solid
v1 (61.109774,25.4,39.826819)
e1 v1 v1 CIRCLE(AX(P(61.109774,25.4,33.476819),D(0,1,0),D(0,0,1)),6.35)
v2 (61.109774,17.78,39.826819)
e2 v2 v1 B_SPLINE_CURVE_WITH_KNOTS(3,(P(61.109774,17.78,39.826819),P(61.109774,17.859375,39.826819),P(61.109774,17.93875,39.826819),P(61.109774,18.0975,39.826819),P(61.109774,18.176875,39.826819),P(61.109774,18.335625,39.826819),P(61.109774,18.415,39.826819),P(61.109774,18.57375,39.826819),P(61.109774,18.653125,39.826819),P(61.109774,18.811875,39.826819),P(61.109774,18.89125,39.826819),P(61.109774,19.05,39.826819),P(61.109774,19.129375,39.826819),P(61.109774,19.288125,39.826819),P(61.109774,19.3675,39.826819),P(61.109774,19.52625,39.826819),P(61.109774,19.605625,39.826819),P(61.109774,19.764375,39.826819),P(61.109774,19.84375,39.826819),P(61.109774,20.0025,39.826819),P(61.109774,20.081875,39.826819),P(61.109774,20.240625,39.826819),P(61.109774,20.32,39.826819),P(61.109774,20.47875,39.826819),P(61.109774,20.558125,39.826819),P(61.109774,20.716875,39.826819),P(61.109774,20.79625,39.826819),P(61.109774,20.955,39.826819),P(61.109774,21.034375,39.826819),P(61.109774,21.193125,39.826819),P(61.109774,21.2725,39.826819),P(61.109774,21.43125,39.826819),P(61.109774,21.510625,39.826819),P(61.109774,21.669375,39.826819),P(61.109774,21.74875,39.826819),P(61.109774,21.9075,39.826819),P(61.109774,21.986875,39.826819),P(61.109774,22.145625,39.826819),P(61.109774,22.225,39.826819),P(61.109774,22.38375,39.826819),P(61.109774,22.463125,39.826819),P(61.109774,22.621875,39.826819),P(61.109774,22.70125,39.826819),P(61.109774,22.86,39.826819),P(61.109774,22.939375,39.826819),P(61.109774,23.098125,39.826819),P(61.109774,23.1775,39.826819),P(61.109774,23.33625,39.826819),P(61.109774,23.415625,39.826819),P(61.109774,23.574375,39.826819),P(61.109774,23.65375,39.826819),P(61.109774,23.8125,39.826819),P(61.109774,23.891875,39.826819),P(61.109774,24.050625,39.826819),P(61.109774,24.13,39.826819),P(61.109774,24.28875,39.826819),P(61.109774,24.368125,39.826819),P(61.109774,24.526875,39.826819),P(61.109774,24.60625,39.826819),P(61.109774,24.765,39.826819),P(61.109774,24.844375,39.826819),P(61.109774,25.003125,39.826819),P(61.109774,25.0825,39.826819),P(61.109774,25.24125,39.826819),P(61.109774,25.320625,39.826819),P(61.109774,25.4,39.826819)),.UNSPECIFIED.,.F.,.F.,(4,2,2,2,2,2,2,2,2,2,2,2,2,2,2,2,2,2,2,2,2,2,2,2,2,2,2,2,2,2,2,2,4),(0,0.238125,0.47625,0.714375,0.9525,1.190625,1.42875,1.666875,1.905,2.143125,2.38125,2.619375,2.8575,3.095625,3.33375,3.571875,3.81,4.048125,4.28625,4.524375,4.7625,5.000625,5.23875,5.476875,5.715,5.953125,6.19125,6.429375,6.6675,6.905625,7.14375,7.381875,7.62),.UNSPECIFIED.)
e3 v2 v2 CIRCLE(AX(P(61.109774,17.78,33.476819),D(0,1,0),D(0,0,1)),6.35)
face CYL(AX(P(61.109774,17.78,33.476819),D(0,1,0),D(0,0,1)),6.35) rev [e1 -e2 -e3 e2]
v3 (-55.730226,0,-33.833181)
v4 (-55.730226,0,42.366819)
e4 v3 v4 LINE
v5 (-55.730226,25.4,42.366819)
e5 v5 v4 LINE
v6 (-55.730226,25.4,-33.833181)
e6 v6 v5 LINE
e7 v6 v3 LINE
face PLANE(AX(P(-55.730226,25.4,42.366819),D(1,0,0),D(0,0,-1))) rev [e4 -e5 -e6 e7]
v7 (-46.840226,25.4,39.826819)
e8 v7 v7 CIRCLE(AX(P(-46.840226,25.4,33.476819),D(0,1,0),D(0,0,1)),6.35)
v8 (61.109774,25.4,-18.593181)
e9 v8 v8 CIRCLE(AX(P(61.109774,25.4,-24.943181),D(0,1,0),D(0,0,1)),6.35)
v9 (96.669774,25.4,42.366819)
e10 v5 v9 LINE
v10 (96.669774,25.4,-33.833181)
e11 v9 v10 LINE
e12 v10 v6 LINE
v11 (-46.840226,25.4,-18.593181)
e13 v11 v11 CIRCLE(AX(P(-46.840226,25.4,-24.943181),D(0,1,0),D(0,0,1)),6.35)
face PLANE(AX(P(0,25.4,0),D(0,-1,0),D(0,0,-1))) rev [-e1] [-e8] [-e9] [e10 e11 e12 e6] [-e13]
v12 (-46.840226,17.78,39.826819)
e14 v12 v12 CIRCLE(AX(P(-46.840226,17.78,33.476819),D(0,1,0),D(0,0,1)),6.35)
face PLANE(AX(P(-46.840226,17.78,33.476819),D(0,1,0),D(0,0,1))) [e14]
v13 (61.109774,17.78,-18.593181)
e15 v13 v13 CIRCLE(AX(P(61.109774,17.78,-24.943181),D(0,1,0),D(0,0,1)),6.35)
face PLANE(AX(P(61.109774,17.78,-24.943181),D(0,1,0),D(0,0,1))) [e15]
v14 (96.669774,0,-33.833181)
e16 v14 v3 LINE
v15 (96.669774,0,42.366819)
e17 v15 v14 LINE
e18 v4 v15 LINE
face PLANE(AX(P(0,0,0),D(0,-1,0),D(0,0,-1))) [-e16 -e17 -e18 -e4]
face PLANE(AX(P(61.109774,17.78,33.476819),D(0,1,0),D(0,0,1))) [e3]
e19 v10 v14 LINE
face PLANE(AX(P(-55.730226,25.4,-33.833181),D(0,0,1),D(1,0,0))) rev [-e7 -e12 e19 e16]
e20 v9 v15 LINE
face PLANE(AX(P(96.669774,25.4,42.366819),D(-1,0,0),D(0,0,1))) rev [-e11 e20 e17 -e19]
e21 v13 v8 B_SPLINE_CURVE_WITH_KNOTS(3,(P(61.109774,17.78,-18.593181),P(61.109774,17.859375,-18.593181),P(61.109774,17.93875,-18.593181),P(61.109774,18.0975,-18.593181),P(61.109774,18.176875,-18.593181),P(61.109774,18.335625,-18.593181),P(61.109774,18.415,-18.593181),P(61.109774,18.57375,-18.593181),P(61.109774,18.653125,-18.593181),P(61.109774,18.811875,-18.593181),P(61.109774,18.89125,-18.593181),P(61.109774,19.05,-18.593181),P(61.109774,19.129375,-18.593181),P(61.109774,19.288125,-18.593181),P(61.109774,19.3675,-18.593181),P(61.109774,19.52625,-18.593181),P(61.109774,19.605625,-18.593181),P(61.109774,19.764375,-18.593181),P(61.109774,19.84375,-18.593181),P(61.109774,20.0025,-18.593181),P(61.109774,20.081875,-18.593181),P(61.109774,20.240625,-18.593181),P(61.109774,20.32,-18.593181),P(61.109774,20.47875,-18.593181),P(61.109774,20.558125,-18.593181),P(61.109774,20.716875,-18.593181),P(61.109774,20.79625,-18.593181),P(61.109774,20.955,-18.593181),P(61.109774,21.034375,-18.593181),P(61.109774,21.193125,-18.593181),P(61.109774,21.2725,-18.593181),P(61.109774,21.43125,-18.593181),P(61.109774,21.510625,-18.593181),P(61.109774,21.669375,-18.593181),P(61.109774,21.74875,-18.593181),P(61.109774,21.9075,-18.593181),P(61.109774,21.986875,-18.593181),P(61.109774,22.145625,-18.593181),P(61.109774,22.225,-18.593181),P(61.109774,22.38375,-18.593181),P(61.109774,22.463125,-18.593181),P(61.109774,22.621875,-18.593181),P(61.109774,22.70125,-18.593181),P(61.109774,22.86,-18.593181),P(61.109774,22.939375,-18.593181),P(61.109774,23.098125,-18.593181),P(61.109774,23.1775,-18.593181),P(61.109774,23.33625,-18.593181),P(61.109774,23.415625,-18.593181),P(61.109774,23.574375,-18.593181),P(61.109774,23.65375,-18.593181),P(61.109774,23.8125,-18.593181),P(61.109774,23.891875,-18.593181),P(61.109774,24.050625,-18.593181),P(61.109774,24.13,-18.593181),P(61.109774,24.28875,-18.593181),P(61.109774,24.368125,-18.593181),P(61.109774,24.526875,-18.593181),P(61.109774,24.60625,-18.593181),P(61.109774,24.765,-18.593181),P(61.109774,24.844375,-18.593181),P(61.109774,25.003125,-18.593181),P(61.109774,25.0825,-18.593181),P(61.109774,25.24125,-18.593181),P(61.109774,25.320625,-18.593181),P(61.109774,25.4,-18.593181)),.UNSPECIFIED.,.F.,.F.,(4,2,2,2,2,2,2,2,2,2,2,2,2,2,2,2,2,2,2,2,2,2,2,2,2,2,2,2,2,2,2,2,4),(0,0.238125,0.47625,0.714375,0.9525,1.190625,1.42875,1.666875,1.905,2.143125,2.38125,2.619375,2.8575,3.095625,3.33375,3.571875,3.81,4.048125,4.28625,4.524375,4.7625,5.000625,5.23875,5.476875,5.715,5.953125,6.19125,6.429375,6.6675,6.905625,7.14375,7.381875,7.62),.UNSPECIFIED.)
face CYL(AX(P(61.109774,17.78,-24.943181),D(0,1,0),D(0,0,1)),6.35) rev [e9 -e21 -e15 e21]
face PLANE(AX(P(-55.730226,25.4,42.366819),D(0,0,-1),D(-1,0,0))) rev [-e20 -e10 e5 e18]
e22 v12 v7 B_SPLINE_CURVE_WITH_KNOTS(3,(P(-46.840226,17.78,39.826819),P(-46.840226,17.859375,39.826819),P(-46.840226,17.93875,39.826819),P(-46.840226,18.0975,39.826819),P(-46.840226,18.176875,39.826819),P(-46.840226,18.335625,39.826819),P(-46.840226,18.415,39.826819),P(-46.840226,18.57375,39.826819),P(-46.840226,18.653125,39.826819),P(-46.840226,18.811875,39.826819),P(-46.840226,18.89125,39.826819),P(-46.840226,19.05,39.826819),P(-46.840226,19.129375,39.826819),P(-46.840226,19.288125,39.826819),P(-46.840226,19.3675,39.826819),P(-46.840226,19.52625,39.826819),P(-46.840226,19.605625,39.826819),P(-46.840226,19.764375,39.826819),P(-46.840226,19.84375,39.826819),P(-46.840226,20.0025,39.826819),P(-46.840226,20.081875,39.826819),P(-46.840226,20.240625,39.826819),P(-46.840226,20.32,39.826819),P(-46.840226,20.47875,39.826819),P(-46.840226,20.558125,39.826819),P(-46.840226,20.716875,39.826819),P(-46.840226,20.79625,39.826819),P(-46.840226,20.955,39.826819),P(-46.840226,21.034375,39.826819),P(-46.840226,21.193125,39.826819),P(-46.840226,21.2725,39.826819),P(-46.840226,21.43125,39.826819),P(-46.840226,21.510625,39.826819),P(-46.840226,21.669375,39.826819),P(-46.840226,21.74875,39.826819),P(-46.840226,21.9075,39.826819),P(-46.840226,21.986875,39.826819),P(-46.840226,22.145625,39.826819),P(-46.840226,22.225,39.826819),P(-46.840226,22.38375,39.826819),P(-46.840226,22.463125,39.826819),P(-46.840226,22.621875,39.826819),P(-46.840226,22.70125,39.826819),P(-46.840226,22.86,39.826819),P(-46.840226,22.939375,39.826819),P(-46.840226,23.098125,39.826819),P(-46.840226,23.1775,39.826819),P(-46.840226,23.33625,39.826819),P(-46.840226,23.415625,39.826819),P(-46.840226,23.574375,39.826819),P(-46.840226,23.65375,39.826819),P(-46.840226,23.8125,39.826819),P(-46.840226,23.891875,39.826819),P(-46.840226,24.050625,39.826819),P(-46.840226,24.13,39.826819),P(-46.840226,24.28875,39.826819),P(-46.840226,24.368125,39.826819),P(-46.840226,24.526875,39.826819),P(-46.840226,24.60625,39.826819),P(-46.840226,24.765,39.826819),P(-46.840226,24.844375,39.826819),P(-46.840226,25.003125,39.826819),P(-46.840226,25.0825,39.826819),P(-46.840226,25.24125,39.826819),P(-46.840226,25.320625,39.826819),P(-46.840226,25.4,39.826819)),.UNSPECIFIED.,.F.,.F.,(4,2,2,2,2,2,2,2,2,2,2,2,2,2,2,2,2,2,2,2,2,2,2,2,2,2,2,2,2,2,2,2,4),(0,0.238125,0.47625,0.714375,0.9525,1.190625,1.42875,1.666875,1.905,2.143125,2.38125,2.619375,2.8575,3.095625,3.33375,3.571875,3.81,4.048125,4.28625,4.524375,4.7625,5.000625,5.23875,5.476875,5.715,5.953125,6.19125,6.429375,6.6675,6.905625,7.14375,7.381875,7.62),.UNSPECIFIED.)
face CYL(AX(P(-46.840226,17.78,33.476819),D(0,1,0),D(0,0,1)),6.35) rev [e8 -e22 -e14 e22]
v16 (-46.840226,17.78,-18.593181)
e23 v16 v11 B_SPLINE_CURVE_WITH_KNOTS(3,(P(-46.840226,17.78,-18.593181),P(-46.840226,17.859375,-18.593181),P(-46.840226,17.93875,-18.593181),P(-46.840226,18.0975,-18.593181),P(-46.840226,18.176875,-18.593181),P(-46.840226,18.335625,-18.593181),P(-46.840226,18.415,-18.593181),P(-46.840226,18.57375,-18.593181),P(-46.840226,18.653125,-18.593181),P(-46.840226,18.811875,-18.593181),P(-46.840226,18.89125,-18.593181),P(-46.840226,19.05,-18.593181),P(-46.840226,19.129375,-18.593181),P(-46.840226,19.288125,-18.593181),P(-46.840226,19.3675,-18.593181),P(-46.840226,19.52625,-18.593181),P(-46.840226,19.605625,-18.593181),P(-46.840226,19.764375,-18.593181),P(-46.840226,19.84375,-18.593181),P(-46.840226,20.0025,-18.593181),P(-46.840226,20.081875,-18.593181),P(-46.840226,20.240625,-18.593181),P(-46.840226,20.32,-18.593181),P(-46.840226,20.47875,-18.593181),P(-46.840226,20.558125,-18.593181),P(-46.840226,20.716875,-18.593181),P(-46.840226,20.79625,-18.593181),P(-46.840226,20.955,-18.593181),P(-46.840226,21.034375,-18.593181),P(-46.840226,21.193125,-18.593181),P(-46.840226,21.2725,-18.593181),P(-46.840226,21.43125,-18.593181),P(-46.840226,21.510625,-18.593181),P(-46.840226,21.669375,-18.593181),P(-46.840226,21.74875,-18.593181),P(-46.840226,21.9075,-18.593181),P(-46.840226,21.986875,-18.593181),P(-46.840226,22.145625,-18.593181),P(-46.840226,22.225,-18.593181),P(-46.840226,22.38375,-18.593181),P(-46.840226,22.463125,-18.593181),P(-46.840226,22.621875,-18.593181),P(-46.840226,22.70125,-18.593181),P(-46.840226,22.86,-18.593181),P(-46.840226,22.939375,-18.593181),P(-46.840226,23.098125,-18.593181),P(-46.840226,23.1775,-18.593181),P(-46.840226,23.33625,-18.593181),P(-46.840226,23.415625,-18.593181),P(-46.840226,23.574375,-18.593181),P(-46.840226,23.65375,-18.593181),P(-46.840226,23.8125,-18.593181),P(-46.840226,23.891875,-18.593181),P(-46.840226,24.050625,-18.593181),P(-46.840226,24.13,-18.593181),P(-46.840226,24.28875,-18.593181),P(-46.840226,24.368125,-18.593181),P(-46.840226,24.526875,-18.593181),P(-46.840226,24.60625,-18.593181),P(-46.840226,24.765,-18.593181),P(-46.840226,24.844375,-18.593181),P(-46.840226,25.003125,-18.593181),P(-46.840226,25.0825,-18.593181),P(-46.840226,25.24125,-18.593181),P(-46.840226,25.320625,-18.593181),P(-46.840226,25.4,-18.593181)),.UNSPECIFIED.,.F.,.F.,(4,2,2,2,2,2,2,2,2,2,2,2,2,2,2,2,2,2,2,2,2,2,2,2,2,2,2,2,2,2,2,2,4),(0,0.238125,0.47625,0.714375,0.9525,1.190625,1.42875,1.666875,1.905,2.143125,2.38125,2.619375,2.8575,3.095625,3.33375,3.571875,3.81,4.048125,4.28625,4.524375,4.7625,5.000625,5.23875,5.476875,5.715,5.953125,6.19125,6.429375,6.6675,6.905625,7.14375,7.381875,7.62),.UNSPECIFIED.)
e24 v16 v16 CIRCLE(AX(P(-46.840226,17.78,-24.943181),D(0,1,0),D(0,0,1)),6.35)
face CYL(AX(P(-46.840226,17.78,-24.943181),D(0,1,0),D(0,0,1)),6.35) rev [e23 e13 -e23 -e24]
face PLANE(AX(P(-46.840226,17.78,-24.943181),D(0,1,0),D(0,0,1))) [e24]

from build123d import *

# Parameters (mm, degrees)
SKETCH1_W           = 152.4
SKETCH1_H           = 76.2
BOSS_EXTRUDE1_DEPTH = 25.4
SKETCH2_R           = 6.35
CUT_EXTRUDE1_DEPTH  = 7.62


with BuildPart() as part:
    # Sketch1 → Boss-Extrude1 (new body)
    with BuildSketch(Plane(origin=(0, 0, 0), x_dir=(1, 0, 0), z_dir=(0, 1, 0))):
        with Locations((20.469773732, -4.266819273)):
            Rectangle(SKETCH1_W, SKETCH1_H)
    extrude(amount=BOSS_EXTRUDE1_DEPTH)

    # Sketch2 → Cut-Extrude1 (cut)
    with BuildSketch(Plane(origin=(0, 25.4, 0), x_dir=(1, 0, 0), z_dir=(0, 1, 0))):
        with Locations(Location((-46.840226268, 24.943180727, 0), (0, 0, 270))):
            Circle(SKETCH2_R)
        with Locations(Location((-46.840226268, -33.476819273, 0), (0, 0, 270))):
            Circle(SKETCH2_R)
        with Locations(Location((61.109773732, 24.943180727, 0), (0, 0, 270))):
            Circle(SKETCH2_R)
        with Locations(Location((61.109773732, -33.476819273, 0), (0, 0, 270))):
            Circle(SKETCH2_R)
    extrude(amount=-CUT_EXTRUDE1_DEPTH, mode=Mode.SUBTRACT)


solid = part.part
